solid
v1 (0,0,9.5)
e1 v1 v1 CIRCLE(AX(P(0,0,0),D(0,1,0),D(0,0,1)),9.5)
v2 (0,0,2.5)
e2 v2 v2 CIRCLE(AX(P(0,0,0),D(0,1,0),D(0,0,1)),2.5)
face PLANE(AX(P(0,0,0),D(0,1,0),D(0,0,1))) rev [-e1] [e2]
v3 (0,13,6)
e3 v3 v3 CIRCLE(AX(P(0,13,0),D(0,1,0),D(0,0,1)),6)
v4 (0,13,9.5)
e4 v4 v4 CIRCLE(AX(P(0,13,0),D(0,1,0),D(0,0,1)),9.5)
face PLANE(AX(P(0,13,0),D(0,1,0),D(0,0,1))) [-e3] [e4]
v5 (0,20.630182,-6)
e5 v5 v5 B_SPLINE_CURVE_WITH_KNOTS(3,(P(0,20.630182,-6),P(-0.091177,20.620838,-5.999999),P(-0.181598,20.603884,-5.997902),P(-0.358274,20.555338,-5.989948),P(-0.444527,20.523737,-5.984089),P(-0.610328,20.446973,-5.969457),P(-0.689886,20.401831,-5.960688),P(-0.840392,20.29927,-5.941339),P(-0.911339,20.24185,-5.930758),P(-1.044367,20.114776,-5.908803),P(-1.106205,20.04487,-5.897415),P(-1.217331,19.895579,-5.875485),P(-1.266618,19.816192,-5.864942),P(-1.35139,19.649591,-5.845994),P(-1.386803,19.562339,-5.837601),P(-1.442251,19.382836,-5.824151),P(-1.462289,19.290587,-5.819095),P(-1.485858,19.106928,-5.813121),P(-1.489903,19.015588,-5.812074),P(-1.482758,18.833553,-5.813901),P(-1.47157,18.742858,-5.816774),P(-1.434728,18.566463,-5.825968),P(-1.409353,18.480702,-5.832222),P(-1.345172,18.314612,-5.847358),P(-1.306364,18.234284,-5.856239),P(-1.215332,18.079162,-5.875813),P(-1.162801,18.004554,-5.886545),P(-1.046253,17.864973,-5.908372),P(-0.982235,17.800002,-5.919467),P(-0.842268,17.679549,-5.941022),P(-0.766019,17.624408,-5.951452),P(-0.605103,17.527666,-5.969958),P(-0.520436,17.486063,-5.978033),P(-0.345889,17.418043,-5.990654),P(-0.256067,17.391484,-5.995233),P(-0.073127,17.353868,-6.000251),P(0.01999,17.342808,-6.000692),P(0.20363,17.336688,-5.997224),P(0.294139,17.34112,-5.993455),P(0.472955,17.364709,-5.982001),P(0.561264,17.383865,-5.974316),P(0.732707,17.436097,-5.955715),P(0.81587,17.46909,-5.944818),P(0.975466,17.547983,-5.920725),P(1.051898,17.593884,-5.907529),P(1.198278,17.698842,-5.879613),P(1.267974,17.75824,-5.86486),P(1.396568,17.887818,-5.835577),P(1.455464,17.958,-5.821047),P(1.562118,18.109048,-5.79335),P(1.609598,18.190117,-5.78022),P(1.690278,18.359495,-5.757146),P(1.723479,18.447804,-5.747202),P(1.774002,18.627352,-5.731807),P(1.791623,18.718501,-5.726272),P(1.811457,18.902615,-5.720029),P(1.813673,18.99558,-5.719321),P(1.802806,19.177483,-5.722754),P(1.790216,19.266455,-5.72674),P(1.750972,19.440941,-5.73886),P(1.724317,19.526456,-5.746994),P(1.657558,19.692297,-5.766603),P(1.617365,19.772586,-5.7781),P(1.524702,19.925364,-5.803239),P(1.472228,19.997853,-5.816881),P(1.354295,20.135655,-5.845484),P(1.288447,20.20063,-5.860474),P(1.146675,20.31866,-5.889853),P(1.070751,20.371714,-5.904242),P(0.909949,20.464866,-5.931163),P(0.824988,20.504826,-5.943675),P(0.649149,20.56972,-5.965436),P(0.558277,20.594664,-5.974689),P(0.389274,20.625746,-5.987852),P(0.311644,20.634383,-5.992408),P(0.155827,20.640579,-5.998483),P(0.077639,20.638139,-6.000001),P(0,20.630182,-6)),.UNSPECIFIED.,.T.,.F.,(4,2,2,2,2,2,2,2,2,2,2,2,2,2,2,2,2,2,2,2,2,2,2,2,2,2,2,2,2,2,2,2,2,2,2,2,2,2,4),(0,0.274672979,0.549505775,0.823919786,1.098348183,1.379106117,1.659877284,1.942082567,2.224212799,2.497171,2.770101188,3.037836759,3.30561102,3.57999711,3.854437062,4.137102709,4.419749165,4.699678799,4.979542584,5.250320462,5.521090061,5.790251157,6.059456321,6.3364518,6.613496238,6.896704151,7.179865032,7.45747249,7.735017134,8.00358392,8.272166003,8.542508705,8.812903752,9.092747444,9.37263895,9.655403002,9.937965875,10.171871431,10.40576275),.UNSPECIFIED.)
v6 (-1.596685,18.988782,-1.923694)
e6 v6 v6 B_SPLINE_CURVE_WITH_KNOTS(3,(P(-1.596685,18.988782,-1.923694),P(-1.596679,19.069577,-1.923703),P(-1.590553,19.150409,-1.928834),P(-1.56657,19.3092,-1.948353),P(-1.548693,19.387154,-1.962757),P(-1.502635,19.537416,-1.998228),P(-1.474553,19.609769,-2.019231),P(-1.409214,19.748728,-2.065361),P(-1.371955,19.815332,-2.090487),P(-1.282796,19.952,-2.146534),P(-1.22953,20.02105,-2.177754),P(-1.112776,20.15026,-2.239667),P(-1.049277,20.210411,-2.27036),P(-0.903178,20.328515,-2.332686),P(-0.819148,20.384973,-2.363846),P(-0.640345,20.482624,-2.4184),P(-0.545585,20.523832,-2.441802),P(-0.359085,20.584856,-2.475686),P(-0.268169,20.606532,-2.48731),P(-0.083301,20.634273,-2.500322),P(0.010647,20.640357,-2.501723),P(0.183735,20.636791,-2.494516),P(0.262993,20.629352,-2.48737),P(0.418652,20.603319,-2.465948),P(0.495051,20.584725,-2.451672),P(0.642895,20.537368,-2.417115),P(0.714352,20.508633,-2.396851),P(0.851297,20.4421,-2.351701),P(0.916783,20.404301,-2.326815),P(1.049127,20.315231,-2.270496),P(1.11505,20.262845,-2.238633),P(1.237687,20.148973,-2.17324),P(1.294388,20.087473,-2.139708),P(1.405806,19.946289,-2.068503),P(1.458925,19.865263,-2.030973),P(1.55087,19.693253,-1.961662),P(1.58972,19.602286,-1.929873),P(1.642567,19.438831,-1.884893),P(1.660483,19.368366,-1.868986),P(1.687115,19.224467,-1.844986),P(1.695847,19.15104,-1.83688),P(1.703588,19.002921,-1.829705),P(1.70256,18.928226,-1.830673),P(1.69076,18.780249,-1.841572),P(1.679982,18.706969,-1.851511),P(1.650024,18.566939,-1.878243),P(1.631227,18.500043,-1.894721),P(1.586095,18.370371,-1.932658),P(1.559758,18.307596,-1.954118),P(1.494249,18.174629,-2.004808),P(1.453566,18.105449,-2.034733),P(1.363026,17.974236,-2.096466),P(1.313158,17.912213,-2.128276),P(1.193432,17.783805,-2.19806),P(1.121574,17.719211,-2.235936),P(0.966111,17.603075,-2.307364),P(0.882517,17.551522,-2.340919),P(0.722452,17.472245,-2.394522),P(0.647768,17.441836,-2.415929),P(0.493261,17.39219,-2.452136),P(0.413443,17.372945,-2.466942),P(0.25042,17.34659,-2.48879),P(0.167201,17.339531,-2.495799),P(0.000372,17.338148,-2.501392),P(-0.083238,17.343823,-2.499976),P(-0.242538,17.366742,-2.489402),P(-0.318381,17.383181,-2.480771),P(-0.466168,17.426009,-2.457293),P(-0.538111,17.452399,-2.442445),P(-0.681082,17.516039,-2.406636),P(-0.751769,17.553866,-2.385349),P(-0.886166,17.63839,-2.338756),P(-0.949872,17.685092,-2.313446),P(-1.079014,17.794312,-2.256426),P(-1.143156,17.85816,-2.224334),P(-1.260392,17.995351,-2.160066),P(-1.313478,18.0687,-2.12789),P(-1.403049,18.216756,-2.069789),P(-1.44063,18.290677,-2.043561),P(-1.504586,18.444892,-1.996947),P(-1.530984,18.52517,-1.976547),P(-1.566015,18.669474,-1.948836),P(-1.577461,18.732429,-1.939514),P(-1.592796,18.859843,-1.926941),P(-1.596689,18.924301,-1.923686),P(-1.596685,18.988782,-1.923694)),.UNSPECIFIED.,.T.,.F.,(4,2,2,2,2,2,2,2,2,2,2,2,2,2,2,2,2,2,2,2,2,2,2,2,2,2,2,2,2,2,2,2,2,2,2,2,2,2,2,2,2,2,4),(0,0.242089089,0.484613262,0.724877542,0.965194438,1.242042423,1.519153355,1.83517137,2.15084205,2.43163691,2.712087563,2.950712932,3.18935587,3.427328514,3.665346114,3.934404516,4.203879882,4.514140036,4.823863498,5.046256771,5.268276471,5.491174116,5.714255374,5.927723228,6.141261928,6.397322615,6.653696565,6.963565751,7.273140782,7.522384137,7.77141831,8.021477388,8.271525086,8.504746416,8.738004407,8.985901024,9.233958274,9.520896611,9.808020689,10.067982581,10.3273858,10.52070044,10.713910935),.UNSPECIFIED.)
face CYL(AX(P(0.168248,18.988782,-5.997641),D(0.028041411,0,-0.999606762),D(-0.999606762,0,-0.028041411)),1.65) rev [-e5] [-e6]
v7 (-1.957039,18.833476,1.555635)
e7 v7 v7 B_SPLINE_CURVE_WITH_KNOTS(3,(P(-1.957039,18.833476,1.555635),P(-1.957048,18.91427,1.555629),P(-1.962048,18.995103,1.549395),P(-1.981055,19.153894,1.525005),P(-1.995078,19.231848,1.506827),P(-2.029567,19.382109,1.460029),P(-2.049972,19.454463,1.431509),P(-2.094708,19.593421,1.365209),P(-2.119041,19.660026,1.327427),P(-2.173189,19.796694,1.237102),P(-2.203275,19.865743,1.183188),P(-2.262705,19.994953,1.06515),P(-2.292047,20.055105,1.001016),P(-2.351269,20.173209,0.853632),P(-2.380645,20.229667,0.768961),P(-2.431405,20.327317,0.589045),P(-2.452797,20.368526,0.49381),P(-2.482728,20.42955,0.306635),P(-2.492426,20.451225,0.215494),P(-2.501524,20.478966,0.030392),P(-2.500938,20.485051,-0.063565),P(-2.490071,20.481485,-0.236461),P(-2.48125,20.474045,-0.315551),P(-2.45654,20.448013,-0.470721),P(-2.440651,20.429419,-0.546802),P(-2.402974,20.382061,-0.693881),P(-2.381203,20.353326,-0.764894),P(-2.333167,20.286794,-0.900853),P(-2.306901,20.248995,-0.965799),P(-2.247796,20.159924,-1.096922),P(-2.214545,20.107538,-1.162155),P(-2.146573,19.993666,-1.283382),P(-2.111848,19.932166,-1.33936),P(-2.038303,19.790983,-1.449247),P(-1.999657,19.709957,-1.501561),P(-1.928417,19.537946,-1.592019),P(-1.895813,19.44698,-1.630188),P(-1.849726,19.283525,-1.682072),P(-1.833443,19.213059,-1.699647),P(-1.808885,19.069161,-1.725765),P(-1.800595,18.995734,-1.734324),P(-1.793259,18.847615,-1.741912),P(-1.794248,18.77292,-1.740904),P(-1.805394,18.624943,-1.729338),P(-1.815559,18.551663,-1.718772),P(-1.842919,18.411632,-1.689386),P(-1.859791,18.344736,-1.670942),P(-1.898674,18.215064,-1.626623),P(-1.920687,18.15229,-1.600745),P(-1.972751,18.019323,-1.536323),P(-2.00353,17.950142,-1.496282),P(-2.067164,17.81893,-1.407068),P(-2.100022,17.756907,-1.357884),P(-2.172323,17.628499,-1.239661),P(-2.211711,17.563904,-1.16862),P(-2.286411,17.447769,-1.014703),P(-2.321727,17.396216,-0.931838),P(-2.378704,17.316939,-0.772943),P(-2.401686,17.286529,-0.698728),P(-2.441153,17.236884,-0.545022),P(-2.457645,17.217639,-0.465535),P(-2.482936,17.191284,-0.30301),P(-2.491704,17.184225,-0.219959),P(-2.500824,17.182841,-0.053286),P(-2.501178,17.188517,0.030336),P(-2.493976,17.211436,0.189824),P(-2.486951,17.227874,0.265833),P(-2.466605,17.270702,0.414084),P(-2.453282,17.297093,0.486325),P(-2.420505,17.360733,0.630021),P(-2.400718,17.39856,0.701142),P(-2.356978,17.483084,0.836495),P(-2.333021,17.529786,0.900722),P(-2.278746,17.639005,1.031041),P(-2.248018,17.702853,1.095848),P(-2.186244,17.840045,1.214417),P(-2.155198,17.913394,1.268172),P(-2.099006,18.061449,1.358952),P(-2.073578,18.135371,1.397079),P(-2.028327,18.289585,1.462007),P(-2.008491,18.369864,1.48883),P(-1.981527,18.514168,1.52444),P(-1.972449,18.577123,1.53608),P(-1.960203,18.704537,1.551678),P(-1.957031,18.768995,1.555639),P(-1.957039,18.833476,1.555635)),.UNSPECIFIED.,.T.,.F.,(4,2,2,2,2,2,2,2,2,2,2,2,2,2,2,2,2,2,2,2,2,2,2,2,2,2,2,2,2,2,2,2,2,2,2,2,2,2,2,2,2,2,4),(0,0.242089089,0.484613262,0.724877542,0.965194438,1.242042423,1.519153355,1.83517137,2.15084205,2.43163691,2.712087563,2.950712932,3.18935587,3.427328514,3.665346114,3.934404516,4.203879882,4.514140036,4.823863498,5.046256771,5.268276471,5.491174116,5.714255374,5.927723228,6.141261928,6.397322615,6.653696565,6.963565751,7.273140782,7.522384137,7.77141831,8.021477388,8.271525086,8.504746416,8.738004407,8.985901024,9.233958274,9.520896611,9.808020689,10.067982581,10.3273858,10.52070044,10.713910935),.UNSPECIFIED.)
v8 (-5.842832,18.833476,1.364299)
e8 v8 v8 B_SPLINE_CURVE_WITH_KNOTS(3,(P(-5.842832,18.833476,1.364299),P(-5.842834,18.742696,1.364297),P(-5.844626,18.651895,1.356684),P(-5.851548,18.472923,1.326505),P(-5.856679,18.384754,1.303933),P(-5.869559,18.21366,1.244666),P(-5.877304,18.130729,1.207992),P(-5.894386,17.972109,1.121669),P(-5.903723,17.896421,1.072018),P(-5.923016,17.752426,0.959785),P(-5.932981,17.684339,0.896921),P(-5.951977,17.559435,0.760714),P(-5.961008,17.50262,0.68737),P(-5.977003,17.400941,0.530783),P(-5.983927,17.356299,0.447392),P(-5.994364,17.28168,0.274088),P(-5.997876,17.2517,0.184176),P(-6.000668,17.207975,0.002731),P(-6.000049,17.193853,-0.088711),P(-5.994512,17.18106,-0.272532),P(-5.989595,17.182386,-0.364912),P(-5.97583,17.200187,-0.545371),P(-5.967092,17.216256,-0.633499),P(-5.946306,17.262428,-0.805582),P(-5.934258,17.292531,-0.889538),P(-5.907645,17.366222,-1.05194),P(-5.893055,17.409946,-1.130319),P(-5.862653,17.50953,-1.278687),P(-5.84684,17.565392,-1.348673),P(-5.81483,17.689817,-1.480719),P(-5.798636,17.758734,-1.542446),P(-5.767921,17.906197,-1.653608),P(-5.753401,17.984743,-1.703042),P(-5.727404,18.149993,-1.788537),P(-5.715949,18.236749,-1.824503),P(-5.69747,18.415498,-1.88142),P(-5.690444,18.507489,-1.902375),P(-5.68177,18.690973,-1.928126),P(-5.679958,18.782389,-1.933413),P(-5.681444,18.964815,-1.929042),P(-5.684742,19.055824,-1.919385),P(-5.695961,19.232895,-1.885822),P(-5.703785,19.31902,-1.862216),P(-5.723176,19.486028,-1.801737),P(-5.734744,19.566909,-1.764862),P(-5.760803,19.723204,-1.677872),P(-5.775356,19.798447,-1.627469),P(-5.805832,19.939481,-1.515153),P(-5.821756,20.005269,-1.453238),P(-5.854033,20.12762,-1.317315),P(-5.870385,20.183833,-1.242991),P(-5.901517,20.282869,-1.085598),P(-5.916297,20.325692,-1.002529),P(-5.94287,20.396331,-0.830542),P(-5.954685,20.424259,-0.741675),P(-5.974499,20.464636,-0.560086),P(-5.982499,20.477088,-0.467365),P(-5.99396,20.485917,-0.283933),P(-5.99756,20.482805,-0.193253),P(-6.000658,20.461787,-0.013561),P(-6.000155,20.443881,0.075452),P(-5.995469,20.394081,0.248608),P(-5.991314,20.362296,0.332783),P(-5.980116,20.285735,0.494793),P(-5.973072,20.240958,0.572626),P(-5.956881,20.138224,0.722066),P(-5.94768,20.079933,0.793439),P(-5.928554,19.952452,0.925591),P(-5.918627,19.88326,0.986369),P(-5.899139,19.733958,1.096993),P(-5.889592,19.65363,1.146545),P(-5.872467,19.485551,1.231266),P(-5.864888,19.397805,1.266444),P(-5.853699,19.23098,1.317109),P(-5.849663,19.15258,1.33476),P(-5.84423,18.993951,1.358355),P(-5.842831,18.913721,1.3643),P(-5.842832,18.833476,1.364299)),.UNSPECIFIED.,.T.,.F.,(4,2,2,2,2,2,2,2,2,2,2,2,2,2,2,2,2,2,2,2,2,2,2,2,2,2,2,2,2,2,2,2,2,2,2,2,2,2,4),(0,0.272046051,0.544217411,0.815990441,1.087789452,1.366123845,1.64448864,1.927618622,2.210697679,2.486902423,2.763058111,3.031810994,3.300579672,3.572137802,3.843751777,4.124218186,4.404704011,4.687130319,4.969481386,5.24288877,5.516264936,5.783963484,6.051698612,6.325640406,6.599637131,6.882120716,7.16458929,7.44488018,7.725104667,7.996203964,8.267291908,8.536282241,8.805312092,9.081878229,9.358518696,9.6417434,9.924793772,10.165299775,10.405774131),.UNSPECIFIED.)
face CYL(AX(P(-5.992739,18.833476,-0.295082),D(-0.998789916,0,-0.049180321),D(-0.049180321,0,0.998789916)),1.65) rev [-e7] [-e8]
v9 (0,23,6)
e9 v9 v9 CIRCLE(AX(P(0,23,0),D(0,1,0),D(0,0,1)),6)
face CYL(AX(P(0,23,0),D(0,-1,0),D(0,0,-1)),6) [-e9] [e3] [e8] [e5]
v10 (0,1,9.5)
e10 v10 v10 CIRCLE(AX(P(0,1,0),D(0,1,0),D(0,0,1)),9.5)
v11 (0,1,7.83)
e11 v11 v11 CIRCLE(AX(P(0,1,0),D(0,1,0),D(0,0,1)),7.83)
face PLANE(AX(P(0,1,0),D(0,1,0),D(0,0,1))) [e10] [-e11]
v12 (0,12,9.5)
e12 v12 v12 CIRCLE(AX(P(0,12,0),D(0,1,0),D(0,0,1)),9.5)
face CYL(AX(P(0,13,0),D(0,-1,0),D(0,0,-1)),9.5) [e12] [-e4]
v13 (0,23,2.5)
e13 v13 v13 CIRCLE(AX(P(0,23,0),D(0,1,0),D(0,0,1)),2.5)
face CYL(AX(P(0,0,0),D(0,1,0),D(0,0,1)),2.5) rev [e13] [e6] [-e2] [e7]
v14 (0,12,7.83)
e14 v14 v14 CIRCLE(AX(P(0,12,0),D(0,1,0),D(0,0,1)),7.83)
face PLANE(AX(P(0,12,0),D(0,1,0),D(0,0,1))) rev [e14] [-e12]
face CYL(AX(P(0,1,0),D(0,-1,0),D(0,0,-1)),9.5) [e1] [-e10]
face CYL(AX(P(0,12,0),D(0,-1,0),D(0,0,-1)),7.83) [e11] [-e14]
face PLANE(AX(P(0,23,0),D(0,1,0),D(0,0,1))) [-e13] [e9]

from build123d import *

# Parameters (mm, degrees)
SKETCH_1_R              = 9.5
EXTRUDE_1_DEPTH         = 1
SKETCH_2_R              = 7.83
EXTRUDE_2_DEPTH         = 11
SKETCH_3_R              = 9.5
EXTRUDE_3_DEPTH         = 1
SKETCH_4_R              = 6
EXTRUDE_4_DEPTH         = 10
SKETCH_5_R              = 2.5
CUT_EXTRUDE_1_DEPTH     = 27.636441204
HOLE_WIZARD_M4_1_REACH  = 28.281
HOLE_WIZARD_M4_1_BORE_R = 1.65
HOLE_WIZARD_M4_2_REACH  = 28.348
HOLE_WIZARD_M4_2_BORE_R = 1.65


with BuildPart() as part:
    # 草图1 → 凸台-拉伸1 (new body)
    with BuildSketch(Plane(origin=(0, 0, 0), x_dir=(1, 0, 0), z_dir=(0, 1, 0))):
        with Locations(Location((0, 0, 0), (0, 0, 270))):
            Circle(SKETCH_1_R)
    extrude(amount=EXTRUDE_1_DEPTH)

    # 草图2 → 凸台-拉伸2 (add)
    with BuildSketch(Plane(origin=(0, 1, 0), x_dir=(1, 0, 0), z_dir=(0, 1, 0))):
        with Locations(Location((0, 0, 0), (0, 0, 270))):
            Circle(SKETCH_2_R)
    extrude(amount=EXTRUDE_2_DEPTH)

    # 草图3 → 凸台-拉伸3 (add)
    with BuildSketch(Plane(origin=(0, 12, 0), x_dir=(1, 0, 0), z_dir=(0, 1, 0))):
        with Locations(Location((0, 0, 0), (0, 0, 270))):
            Circle(SKETCH_3_R)
    extrude(amount=EXTRUDE_3_DEPTH)

    # 草图4 → 凸台-拉伸4 (add)
    with BuildSketch(Plane(origin=(0, 13, 0), x_dir=(1, 0, 0), z_dir=(0, 1, 0))):
        with Locations(Location((0, 0, 0), (0, 0, 270))):
            Circle(SKETCH_4_R)
    extrude(amount=EXTRUDE_4_DEPTH)

    # 草图5 → 切除-拉伸1 (cut, through all)
    with BuildSketch(Plane(origin=(0, 23, 0), x_dir=(1, 0, 0), z_dir=(0, 1, 0))):
        with Locations(Location((0, 0, 0), (0, 0, 270))):
            Circle(SKETCH_5_R)
    extrude(amount=-CUT_EXTRUDE_1_DEPTH, mode=Mode.SUBTRACT)

    # M4 螺纹孔1 bore (on position points) → M4 螺纹孔1 (cut, up to next)
    with BuildSketch(Plane(origin=(-5.992739495, 18.833476166, -0.295081925), x_dir=(0.04918032089, 0, -0.998789915867), z_dir=(-0.998789915867, 0, -0.04918032089)), mode=Mode.PRIVATE) as hole_wizard_m4_1_sk1:
        Circle(HOLE_WIZARD_M4_1_BORE_R)
    hole_wizard_m4_1_tool1 = extrude(hole_wizard_m4_1_sk1.sketch, amount=-HOLE_WIZARD_M4_1_REACH, mode=Mode.PRIVATE) & part.part
    add(hole_wizard_m4_1_tool1.solids().sort_by_distance((-5.992739, 18.833476, -0.295082))[0], mode=Mode.SUBTRACT)

    # M4 螺纹孔2 bore (on position points) → M4 螺纹孔2 (cut, up to next)
    with BuildSketch(Plane(origin=(0.168248466, 18.988782442, -5.997640574), x_dir=(-0.999606762316, 0, -0.028041411034), z_dir=(0.028041411034, 0, -0.999606762316)), mode=Mode.PRIVATE) as hole_wizard_m4_2_sk1:
        Circle(HOLE_WIZARD_M4_2_BORE_R)
    hole_wizard_m4_2_tool1 = extrude(hole_wizard_m4_2_sk1.sketch, amount=-HOLE_WIZARD_M4_2_REACH, mode=Mode.PRIVATE) & part.part
    add(hole_wizard_m4_2_tool1.solids().sort_by_distance((0.168248, 18.988782, -5.997641))[0], mode=Mode.SUBTRACT)


solid = part.part
